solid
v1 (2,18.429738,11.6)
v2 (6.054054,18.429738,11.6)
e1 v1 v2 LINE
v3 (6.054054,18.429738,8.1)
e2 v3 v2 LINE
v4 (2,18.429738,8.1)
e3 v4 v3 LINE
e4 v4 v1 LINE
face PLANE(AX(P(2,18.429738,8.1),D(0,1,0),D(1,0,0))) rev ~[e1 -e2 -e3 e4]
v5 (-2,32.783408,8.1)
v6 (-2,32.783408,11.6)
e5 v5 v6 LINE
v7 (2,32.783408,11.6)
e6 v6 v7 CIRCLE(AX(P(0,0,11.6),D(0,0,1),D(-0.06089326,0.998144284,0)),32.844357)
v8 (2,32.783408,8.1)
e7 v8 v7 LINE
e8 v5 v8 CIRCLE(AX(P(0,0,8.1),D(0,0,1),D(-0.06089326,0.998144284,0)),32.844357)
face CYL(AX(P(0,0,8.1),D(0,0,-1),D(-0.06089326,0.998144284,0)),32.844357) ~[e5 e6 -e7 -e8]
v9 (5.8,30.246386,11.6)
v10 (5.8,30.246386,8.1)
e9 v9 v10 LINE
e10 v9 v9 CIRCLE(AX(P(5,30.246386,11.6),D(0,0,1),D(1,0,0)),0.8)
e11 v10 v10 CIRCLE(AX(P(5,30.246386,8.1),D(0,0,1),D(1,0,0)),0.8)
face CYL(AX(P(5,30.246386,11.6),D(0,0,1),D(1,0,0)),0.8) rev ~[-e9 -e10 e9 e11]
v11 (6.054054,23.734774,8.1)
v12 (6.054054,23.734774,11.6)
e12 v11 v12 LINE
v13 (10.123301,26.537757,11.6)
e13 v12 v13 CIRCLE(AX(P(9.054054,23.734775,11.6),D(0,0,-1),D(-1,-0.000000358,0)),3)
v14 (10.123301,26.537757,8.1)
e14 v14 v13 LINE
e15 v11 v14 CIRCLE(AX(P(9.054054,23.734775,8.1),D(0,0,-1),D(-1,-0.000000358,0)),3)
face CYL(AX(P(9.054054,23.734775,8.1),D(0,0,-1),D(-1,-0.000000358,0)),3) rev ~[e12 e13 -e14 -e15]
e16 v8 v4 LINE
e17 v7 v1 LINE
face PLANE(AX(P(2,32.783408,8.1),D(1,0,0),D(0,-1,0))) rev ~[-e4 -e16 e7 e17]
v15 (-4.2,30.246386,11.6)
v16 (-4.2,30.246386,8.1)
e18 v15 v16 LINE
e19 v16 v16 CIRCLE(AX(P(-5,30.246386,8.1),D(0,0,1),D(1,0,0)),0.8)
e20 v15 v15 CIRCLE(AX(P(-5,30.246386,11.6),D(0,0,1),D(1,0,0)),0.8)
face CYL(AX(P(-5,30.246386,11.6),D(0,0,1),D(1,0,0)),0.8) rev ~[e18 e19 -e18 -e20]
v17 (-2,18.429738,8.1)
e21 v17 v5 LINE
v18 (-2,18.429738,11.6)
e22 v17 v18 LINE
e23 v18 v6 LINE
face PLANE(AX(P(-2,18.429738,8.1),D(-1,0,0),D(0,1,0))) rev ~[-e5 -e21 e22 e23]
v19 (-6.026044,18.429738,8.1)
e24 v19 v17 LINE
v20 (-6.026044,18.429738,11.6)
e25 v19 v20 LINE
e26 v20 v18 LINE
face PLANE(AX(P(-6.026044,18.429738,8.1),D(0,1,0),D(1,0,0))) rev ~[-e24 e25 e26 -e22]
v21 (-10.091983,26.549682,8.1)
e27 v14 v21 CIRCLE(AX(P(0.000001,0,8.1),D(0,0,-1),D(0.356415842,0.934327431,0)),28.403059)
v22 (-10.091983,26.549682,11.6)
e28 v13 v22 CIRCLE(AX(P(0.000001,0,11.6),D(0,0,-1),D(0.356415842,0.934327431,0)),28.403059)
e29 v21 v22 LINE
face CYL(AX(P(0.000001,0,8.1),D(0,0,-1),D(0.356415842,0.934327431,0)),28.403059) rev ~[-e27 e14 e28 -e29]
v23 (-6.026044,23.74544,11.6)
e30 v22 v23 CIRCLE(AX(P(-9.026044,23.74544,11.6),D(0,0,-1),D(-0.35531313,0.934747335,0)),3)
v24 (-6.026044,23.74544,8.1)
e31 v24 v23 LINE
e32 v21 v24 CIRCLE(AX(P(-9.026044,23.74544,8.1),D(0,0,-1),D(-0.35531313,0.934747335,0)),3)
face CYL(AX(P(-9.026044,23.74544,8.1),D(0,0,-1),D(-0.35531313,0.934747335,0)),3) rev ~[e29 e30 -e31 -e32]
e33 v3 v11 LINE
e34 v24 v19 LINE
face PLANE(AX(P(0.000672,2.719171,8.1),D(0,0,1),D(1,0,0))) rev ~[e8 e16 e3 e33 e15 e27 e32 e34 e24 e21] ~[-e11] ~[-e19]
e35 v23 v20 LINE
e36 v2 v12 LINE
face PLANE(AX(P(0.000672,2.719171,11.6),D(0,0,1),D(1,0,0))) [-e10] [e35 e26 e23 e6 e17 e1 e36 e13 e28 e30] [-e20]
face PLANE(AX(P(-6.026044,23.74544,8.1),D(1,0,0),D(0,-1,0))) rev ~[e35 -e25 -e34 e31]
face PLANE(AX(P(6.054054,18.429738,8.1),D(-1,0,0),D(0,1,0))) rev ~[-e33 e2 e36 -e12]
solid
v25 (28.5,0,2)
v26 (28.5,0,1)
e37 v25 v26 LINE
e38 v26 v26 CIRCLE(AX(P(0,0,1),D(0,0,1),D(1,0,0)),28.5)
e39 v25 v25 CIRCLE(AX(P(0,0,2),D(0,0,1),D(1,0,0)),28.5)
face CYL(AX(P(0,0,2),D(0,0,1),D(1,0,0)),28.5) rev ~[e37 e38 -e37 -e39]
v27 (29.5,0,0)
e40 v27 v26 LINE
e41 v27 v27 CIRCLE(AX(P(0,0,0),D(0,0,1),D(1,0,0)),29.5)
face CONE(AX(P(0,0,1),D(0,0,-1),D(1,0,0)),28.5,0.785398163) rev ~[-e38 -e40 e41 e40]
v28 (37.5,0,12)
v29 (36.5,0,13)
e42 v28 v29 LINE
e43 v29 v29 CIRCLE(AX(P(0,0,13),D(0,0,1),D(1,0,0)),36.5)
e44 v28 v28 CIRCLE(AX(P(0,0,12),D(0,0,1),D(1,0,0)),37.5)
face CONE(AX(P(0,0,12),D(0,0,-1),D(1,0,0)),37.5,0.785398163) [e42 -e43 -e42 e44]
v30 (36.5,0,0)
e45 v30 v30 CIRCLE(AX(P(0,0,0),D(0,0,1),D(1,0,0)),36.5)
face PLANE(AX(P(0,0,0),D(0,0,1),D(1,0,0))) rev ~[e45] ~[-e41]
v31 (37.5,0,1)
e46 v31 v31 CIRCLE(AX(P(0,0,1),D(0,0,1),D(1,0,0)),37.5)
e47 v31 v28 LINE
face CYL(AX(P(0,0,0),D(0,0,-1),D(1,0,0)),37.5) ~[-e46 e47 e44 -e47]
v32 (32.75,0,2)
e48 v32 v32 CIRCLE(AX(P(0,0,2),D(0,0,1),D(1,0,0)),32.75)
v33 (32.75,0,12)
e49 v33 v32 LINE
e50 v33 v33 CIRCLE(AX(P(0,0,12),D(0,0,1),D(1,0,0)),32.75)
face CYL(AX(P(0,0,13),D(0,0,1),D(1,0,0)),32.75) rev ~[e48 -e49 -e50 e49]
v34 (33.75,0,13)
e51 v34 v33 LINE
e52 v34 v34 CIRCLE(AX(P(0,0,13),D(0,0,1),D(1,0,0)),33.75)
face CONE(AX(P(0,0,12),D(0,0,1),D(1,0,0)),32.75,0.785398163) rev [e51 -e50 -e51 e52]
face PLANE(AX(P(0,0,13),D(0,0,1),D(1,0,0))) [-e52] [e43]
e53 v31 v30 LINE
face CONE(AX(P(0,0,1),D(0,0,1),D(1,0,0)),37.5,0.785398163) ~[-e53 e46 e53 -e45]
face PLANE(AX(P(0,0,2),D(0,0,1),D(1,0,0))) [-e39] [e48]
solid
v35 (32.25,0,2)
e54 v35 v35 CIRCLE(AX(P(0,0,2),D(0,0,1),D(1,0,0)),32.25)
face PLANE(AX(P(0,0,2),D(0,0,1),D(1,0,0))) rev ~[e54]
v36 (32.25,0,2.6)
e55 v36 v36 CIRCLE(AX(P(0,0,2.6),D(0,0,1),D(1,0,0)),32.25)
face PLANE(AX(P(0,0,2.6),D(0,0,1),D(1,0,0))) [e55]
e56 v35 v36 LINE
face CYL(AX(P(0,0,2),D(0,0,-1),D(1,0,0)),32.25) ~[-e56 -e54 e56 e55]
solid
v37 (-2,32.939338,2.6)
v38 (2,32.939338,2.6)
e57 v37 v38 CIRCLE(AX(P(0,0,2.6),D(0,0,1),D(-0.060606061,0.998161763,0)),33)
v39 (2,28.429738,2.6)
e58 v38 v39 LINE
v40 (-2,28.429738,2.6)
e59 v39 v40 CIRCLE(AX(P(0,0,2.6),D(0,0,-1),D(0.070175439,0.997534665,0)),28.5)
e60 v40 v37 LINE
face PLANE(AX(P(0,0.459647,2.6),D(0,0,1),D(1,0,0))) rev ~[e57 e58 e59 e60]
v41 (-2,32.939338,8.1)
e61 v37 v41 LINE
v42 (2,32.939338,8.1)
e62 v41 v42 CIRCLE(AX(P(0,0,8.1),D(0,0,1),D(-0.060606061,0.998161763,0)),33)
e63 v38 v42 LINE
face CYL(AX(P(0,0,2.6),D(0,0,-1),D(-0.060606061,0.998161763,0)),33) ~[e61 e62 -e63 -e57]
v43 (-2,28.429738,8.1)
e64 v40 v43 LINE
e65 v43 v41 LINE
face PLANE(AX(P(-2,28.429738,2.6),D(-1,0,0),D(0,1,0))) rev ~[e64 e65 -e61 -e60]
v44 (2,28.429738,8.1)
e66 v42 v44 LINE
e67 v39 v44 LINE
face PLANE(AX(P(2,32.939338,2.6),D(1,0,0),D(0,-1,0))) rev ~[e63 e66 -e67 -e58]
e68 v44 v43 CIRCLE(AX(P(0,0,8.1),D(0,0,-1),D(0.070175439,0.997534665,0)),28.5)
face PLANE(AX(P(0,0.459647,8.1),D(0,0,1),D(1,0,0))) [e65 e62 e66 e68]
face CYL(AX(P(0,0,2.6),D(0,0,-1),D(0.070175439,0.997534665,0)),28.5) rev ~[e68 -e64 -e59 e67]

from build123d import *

# Parameters (mm, degrees)
F0_R      = 37.5
F1_DEPTH  = 13
F2_R      = 32.75
F3_DEPTH  = 11
F4_R      = 28.5
F5_DEPTH  = 25
F6_R      = 32.25
F7_DEPTH  = 0.6
F9_DEPTH  = 5.5
F11_DEPTH = 3.5
F12_SIZE  = 1
F13_R     = 0.8
F14_DEPTH = 3.5


with BuildPart() as f1:
    # F0 (on Top) → F1 (new body)
    with BuildSketch(Plane.XY):
        Circle(F0_R)
    extrude(amount=F1_DEPTH)

    # F2 (on face) → F3 (cut)
    with BuildSketch(Plane.XY.offset(13)):
        Circle(F2_R)
    extrude(amount=-F3_DEPTH, mode=Mode.SUBTRACT)

    # F4 (on face) → F5 (cut)
    with BuildSketch(Plane.XY.offset(2)):
        Circle(F4_R)
    extrude(amount=-F5_DEPTH, mode=Mode.SUBTRACT)

    # F12
    f12_edges = [f1.edges().sort_by_distance(p)[0] for p in [
        (-37.5, 0, 0),
        (-37.5, 0, 13),
        (-32.75, 0, 13),
        (-28.5, 0, 0),
    ]]
    chamfer(f12_edges, length=F12_SIZE)


with BuildPart() as f7:
    # F6 (on face) → F7 (new body)
    with BuildSketch(Plane.XY.offset(2)):
        Circle(F6_R)
    extrude(amount=F7_DEPTH)


with BuildPart() as f9:
    # F8 (on face) → F9 (new body)
    with BuildSketch(Plane.XY.offset(2.6)):
        with BuildLine():
            Line((-2, 28.429738), (-2, 32.939338))
            ThreePointArc((-2, 32.939338), (0, -33), (2, 32.939338))
            Line((2, 32.939338), (2, 28.429738))
            ThreePointArc((2, 28.429738), (0, -28.5), (-2, 28.429738))
        make_face()
    extrude(amount=F9_DEPTH)


with BuildPart() as f11:
    # F10 (on face) → F11 (new body)
    with BuildSketch(Plane.XY.offset(8.1)):
        with BuildLine():
            Line((-2, 28.429738), (-2, 32.783408))
            ThreePointArc((-2, 32.783408), (0, -32.844357), (2, 32.783408))
            Line((2, 32.783408), (2, 28.429738))
            Line((2, 28.429738), (2, 28.332556))
            Line((2, 28.332556), (2, 18.429738))
            Line((2, 18.429738), (6.054054, 18.429738))
            Line((6.054054, 18.429738), (6.054054, 23.734774))
            ThreePointArc((6.054054, 23.734774), (7.352252, 26.205376), (10.123301, 26.537757))
            ThreePointArc((10.123301, 26.537757), (-0.016756, -28.403054), (-10.091983, 26.549682))
            ThreePointArc((-10.091983, 26.549682), (-7.322785, 26.215037), (-6.026044, 23.74544))
            Line((-6.026044, 23.74544), (-6.026044, 18.429738))
            Line((-6.026044, 18.429738), (-2, 18.429738))
            Line((-2, 18.429738), (-2, 28.429738))
        make_face()
    extrude(amount=F11_DEPTH)

    # F13 (on face) → F14 (cut, through all)
    with BuildSketch(Plane.XY.offset(11.6)):
        with Locations((5, 30.246386)):
            Circle(F13_R)
        with Locations((-5, 30.246386)):
            Circle(F13_R)
    extrude(amount=-F14_DEPTH, mode=Mode.SUBTRACT)


solid = Compound([f1.part, f7.part, f9.part, f11.part])
